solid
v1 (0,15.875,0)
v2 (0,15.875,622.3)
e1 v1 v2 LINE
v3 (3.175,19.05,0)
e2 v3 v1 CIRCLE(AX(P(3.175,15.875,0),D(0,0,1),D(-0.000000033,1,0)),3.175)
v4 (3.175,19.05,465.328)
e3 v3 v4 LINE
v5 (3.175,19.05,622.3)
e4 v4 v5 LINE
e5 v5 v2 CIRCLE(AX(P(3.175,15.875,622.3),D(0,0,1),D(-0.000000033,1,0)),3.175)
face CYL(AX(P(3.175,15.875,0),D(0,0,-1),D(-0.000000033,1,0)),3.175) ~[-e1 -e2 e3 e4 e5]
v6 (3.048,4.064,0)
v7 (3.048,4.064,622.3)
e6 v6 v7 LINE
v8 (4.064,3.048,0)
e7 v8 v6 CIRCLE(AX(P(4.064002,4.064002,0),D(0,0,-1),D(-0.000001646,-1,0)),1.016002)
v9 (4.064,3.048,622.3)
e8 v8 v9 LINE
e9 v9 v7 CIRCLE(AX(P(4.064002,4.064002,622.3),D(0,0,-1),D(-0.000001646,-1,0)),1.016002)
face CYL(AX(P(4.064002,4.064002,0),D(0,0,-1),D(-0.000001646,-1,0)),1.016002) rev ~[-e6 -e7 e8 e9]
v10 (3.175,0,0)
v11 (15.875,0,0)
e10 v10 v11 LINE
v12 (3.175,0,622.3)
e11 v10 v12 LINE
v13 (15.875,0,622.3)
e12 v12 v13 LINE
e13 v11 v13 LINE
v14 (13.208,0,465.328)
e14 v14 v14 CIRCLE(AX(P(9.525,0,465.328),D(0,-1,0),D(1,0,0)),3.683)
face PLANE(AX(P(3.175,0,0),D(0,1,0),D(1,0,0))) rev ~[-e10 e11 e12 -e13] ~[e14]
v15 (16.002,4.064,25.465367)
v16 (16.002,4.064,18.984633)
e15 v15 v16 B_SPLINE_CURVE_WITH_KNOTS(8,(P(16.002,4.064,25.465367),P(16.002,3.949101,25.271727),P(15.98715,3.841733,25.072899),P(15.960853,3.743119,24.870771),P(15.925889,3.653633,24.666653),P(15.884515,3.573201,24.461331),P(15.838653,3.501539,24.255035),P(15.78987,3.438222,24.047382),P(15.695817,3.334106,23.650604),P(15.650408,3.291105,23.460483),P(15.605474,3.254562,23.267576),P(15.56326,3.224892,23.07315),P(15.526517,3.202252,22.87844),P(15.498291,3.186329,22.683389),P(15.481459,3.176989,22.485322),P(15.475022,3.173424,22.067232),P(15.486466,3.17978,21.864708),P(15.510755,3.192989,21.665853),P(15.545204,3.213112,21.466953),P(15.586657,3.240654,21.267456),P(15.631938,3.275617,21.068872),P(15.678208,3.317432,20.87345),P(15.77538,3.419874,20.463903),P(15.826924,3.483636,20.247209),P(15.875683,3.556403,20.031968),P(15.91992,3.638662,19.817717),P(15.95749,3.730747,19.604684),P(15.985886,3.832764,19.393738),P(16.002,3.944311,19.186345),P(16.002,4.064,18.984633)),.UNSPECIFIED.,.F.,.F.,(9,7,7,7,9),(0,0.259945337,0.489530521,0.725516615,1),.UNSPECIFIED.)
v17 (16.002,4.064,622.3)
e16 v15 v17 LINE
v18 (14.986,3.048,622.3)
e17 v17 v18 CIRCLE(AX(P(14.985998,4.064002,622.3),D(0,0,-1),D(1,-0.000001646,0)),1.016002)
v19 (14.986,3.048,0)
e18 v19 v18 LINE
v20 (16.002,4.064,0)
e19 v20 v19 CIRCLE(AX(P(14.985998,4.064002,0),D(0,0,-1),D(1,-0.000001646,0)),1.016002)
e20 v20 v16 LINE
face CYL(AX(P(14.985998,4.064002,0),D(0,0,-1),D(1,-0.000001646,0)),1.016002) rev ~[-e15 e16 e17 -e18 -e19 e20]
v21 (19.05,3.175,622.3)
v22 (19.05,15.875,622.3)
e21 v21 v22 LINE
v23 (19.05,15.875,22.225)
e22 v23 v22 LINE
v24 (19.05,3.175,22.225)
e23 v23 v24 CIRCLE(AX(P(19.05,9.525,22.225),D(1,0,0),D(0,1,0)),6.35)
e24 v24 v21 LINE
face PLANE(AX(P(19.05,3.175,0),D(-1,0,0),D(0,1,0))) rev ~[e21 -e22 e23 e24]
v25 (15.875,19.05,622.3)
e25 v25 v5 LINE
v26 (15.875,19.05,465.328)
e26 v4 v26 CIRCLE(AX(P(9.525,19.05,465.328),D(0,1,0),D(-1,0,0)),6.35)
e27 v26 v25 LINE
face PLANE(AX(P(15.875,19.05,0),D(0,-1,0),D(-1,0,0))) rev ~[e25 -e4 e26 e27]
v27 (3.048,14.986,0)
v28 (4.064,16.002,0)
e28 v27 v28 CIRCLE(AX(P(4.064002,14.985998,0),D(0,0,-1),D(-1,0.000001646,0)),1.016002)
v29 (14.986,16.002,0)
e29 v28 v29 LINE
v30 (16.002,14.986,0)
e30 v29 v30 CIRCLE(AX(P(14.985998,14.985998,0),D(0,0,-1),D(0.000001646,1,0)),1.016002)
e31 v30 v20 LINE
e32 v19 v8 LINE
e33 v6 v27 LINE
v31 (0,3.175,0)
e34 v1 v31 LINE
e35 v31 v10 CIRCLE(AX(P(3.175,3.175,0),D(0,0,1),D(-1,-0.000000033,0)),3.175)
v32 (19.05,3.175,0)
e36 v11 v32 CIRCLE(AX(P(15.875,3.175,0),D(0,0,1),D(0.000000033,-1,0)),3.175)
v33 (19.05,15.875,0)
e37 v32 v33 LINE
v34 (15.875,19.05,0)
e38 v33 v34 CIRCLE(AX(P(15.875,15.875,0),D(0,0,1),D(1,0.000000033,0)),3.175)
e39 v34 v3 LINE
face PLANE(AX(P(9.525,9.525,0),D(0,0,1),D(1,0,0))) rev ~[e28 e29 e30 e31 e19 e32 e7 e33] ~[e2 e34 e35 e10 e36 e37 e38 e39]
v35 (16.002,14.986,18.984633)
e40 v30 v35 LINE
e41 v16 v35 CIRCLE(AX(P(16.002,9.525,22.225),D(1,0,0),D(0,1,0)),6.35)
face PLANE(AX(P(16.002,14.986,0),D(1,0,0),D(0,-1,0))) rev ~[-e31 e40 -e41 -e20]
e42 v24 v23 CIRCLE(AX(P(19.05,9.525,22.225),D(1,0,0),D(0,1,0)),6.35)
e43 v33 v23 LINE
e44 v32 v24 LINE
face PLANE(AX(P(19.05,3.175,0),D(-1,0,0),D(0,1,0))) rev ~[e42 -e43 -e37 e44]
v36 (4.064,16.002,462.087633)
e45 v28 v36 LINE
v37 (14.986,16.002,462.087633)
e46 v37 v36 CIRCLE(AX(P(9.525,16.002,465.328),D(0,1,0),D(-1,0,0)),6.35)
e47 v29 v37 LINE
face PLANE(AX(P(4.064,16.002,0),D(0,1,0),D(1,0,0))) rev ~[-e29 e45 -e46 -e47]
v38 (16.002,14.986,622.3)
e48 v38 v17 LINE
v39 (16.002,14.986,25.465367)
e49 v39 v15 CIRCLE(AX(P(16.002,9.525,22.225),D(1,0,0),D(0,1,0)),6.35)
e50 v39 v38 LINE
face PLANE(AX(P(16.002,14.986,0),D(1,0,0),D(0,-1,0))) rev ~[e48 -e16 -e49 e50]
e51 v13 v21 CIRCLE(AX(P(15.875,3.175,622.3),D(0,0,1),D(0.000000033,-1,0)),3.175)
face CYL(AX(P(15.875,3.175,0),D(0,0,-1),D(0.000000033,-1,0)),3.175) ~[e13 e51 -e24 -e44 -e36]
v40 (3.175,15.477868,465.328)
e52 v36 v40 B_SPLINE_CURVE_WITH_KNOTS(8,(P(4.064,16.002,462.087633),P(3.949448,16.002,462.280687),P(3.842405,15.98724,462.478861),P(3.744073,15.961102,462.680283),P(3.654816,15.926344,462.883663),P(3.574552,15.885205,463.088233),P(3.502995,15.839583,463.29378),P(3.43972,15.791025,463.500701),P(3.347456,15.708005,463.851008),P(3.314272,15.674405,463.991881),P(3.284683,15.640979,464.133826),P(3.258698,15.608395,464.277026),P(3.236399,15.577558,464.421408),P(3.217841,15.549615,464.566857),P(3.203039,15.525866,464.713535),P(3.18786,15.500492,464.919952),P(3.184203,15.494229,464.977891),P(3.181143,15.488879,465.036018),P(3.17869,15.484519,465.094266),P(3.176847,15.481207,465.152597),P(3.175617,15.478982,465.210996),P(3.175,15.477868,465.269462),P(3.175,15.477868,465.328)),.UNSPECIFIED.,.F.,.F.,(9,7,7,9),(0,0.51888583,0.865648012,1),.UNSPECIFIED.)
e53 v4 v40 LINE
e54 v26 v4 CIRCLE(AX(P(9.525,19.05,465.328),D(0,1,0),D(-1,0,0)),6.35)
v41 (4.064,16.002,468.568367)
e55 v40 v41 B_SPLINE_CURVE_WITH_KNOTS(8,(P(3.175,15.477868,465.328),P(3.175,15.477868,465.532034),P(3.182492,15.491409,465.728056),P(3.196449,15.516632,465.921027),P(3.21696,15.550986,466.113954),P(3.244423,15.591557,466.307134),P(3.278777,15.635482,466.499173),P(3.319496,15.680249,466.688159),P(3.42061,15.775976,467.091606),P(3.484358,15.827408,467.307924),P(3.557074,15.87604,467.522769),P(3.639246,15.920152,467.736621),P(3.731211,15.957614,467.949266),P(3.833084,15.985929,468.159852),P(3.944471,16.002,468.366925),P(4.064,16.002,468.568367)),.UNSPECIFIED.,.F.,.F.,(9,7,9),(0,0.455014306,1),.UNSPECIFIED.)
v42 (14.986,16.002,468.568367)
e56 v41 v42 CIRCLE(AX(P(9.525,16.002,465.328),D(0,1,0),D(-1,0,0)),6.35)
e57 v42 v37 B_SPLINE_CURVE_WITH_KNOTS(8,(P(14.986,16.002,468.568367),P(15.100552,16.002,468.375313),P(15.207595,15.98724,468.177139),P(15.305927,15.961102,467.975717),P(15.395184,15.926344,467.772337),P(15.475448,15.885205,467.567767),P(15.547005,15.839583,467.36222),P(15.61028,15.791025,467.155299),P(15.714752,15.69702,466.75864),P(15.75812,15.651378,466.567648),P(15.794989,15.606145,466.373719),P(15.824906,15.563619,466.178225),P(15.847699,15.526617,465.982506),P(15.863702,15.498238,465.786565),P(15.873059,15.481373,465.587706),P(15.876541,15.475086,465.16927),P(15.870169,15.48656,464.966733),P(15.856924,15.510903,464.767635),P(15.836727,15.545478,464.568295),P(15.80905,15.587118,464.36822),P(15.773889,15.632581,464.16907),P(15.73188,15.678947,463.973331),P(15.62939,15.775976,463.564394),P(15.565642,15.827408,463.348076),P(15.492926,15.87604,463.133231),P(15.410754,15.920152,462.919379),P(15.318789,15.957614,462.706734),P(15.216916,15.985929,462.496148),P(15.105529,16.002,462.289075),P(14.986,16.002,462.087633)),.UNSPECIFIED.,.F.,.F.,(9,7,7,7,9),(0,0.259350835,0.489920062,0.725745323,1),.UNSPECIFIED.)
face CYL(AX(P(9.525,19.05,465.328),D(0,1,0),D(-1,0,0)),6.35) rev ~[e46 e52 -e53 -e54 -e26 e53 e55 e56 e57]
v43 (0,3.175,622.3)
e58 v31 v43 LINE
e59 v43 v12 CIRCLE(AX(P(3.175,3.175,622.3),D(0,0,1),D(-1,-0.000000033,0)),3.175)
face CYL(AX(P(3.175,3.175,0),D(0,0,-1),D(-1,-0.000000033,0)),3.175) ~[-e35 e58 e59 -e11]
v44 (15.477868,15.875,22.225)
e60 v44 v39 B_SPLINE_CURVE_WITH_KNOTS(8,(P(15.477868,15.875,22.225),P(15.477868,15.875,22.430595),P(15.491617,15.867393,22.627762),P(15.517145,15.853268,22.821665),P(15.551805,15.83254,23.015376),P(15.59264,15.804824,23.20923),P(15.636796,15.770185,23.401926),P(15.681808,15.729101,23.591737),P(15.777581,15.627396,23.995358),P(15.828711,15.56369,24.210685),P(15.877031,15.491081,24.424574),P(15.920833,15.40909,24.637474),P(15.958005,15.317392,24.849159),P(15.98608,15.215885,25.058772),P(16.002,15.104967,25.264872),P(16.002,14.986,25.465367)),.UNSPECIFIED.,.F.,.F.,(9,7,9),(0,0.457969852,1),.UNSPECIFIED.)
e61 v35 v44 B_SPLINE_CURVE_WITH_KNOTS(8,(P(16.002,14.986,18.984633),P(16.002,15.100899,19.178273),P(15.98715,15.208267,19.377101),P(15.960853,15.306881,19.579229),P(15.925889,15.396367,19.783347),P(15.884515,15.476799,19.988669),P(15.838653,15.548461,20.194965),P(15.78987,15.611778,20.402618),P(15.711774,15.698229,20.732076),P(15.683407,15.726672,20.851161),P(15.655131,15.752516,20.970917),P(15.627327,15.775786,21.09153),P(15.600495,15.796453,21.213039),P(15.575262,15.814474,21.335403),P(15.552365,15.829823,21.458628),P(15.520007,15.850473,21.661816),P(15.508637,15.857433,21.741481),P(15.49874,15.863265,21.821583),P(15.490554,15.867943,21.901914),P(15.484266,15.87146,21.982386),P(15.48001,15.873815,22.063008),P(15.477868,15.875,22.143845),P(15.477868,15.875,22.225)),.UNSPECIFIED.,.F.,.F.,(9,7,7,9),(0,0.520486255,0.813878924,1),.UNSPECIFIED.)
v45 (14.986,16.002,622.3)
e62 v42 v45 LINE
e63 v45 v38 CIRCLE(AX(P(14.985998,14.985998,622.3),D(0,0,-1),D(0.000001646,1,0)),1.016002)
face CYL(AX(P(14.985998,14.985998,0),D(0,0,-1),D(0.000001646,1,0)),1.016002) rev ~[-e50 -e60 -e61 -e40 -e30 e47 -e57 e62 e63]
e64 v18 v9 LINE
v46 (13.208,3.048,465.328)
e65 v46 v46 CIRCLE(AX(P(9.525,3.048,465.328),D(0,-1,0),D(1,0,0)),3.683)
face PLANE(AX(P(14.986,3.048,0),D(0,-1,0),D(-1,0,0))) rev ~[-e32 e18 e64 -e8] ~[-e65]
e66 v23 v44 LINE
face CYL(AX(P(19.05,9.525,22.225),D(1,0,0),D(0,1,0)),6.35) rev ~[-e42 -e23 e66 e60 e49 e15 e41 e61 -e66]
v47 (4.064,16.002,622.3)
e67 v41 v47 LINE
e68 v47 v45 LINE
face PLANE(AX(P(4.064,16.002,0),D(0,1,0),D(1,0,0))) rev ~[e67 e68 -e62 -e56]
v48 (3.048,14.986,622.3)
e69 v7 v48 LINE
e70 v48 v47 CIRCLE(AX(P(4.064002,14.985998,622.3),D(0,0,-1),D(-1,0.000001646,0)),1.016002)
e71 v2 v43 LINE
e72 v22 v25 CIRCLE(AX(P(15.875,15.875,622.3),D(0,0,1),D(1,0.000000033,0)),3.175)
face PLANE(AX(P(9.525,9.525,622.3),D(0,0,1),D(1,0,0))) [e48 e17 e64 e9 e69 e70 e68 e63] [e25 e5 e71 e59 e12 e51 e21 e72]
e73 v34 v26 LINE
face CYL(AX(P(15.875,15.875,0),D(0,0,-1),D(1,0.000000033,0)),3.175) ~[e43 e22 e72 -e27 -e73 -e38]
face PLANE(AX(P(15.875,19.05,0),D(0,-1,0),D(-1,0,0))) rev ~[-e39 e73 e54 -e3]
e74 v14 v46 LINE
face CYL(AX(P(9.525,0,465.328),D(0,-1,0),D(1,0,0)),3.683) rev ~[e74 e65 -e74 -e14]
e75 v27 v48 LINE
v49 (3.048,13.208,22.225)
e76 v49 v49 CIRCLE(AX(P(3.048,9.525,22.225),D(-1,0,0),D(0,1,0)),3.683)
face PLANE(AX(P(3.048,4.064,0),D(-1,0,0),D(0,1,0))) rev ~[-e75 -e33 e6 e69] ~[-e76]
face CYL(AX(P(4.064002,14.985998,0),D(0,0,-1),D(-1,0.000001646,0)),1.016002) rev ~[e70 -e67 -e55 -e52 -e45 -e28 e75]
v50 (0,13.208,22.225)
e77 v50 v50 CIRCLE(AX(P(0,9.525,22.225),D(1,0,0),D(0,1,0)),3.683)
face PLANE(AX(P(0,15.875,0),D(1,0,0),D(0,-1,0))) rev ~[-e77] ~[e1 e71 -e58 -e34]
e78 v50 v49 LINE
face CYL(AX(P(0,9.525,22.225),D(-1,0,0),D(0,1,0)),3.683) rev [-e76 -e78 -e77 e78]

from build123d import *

# Parameters (mm, degrees)
F1_DEPTH = 622.3
F2_R     = 3.683
F3_DEPTH = 47.498
F4_R     = 6.35
F5_DEPTH = 4.064
F6_R     = 3.683
F7_DEPTH = 25.4
F8_R     = 6.35
F9_DEPTH = 8.636


with BuildPart() as f1:
    # F0 (on Top) → F1 (new body)
    with BuildSketch(Plane.XY):
        with BuildLine():
            ThreePointArc((0, 3.175), (0.929936, 0.929936), (3.175, 0))
            Line((3.175, 0), (15.875, 0))
            ThreePointArc((15.875, 0), (18.120064, 0.929936), (19.05, 3.175))
            Line((19.05, 3.175), (19.05, 15.875))
            ThreePointArc((19.05, 15.875), (18.120064, 18.120064), (15.875, 19.05))
            Line((15.875, 19.05), (3.175, 19.05))
            ThreePointArc((3.175, 19.05), (0.929936, 18.120064), (0, 15.875))
            Line((0, 15.875), (0, 3.175))
        make_face()
        with BuildLine():
            ThreePointArc((3.048, 14.986), (3.34558, 15.70442), (4.064, 16.002))
            Line((4.064, 16.002), (14.986, 16.002))
            ThreePointArc((14.986, 16.002), (15.70442, 15.70442), (16.002, 14.986))
            Line((16.002, 14.986), (16.002, 4.064))
            ThreePointArc((16.002, 4.064), (15.70442, 3.34558), (14.986, 3.048))
            Line((14.986, 3.048), (4.064, 3.048))
            ThreePointArc((4.064, 3.048), (3.34558, 3.34558), (3.048, 4.064))
            Line((3.048, 4.064), (3.048, 14.986))
        make_face(mode=Mode.SUBTRACT)
    extrude(amount=F1_DEPTH)

    # F2 (on Right) → F3 (cut)
    with BuildSketch(Plane.YZ):
        with Locations((9.525, 22.225)):
            Circle(F2_R)
    extrude(amount=F3_DEPTH, mode=Mode.SUBTRACT)

    # F4 (on face) → F5 (cut)
    with BuildSketch(Plane.YZ.offset(19.05)):
        with Locations((9.525, 22.225)):
            Circle(F4_R)
    extrude(amount=-F5_DEPTH, mode=Mode.SUBTRACT)

    # F6 (on Front) → F7 (cut)
    with BuildSketch(Plane.XZ):
        with Locations((9.525, 465.328)):
            Circle(F6_R)
    extrude(amount=-F7_DEPTH, mode=Mode.SUBTRACT)

    # F8 (on face) → F9 (cut)
    with BuildSketch(Plane(origin=(0, 19.05, 0), x_dir=(-1, 0, 0), z_dir=(0, 1, 0))):
        with Locations((-9.525, 465.328)):
            Circle(F8_R)
    extrude(amount=-F9_DEPTH, mode=Mode.SUBTRACT)


solid = f1.part
